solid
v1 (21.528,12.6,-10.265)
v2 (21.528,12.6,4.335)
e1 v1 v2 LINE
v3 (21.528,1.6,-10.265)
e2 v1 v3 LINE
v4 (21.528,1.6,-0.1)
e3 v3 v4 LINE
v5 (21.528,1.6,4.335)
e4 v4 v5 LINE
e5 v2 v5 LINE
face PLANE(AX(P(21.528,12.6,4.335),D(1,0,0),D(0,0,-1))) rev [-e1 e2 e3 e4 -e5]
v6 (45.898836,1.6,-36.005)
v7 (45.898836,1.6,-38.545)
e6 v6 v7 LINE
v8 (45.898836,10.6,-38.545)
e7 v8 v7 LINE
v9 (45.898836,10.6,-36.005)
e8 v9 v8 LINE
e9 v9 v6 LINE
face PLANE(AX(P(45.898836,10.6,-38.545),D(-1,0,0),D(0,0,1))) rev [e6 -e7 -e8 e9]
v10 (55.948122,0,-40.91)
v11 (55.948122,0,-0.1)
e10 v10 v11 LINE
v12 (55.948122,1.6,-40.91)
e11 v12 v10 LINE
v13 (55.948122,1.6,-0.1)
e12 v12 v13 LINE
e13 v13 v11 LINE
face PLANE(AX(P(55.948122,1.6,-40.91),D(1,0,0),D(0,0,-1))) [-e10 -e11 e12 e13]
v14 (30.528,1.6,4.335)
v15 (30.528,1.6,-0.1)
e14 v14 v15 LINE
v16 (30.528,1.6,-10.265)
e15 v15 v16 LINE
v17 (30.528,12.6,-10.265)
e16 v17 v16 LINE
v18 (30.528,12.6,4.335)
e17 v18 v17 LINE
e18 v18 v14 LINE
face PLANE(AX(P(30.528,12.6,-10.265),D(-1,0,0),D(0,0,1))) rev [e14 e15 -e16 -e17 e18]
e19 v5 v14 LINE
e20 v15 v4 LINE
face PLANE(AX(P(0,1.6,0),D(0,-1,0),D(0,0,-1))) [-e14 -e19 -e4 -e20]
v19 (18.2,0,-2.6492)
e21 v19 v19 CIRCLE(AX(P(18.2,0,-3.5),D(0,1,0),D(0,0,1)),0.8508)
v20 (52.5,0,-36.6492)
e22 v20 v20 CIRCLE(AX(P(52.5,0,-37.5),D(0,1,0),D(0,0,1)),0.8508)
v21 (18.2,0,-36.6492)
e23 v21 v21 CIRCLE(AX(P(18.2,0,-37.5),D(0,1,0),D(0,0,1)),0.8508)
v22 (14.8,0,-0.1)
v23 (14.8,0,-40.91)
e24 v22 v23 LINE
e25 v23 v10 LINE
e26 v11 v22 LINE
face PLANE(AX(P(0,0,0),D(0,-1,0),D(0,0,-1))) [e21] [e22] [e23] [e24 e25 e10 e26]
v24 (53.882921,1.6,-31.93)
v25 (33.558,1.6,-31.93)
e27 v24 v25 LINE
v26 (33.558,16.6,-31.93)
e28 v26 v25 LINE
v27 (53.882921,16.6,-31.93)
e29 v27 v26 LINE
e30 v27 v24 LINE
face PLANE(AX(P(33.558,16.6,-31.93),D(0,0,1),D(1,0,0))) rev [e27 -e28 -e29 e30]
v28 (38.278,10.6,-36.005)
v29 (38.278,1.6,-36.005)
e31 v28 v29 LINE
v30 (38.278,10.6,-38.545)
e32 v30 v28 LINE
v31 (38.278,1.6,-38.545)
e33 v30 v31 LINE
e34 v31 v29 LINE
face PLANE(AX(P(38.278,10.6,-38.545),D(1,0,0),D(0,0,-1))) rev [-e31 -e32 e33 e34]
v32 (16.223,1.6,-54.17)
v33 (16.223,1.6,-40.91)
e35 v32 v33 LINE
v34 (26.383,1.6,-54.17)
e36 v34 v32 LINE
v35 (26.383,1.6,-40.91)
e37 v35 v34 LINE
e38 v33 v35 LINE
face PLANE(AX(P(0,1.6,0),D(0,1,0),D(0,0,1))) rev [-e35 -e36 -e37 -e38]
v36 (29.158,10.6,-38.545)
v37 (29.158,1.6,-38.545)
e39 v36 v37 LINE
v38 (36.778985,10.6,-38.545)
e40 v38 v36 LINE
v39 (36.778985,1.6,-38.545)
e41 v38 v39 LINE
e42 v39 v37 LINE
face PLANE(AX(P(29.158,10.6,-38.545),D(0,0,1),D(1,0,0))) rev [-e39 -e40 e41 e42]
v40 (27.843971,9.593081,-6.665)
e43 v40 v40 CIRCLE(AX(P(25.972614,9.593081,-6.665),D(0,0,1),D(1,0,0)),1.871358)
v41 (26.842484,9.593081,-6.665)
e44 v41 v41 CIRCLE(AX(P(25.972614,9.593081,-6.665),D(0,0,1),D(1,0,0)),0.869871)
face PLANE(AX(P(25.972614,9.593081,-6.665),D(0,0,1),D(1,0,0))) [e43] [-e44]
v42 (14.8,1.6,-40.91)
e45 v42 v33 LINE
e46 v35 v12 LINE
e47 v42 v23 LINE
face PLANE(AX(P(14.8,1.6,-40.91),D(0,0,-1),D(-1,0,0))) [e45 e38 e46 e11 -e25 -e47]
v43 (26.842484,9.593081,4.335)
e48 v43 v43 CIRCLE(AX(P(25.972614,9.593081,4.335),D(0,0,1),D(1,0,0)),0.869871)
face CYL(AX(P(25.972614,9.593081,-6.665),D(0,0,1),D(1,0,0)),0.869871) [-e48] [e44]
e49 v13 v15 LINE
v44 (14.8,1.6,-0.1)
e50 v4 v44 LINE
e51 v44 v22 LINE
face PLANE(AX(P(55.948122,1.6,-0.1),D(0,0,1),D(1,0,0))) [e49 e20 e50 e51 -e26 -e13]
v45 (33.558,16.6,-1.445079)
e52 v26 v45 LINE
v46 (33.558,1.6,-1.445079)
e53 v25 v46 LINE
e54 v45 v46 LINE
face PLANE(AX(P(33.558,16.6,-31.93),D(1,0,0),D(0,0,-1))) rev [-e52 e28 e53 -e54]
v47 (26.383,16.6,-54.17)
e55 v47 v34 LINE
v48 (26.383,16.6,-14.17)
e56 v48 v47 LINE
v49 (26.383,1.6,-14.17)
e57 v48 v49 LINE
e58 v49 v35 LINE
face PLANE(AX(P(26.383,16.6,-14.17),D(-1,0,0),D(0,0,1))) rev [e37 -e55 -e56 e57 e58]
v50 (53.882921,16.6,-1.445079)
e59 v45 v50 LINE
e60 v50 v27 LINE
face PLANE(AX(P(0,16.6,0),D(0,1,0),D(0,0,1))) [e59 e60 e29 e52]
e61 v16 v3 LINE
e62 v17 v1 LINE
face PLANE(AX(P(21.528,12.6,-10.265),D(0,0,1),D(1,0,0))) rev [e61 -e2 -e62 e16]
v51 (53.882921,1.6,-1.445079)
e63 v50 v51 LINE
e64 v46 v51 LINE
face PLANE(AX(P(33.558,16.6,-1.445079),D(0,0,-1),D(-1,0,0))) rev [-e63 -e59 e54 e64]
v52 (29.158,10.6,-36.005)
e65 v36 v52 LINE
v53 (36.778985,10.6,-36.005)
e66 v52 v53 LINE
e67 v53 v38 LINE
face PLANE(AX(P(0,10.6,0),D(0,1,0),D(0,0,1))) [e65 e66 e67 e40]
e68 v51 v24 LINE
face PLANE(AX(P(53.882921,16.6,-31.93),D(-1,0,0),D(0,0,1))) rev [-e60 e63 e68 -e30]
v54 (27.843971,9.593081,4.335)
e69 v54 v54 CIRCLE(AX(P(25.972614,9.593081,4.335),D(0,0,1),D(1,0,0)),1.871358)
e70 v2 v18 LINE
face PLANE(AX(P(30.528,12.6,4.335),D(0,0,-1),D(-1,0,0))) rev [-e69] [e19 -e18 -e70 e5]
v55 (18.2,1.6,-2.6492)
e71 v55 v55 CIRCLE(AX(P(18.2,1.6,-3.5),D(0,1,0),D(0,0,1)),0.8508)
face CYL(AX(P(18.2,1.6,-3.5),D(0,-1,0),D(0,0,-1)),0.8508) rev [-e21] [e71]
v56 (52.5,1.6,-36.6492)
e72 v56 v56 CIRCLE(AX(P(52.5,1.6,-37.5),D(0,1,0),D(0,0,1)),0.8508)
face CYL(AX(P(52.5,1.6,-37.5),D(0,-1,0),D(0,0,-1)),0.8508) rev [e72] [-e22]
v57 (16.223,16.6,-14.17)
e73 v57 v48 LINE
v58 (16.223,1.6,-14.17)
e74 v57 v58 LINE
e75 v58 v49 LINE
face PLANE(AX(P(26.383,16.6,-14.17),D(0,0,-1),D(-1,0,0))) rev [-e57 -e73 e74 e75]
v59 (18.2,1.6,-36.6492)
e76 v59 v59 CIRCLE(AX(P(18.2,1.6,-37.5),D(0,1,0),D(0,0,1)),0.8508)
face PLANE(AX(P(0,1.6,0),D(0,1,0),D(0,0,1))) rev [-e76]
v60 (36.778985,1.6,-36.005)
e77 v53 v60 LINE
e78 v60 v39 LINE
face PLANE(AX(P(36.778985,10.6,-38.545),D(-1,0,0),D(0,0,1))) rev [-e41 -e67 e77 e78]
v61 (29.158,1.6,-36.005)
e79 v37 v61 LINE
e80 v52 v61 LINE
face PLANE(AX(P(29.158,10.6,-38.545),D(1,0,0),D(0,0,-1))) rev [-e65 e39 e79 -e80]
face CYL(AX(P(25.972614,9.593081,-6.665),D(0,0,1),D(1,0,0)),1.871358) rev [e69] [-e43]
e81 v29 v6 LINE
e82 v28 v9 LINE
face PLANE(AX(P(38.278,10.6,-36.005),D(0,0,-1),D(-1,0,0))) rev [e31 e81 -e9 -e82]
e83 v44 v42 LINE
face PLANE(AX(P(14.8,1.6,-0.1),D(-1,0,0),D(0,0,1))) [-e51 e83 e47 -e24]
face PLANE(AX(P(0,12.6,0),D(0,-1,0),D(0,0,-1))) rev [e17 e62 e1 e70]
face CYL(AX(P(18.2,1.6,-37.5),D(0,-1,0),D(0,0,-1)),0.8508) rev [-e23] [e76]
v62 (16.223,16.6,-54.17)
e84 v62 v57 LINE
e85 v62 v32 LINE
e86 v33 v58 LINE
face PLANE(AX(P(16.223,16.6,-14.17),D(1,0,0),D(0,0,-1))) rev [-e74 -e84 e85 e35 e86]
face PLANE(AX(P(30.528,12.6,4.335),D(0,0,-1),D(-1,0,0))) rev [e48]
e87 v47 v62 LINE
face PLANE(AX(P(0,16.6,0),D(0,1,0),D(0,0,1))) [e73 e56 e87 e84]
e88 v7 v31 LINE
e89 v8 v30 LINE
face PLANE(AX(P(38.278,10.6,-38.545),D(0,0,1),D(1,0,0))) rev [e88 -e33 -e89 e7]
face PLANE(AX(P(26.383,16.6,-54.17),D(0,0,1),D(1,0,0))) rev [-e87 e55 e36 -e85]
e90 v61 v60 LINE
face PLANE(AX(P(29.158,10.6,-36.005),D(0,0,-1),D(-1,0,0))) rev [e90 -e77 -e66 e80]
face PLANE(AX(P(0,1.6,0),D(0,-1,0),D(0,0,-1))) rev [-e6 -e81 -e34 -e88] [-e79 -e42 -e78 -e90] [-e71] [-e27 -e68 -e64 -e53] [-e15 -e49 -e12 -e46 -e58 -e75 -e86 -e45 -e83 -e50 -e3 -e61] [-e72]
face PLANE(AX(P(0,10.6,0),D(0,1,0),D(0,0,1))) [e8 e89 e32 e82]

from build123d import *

# Parameters (mm, degrees)
SKETCH3_W           = 41.148121512
SKETCH3_H           = 40.81
SKETCH3_R           = 0.8508
BOSS_EXTRUDE1_DEPTH = 1.6
SKETCH4_W           = 9
SKETCH4_H           = 14.6
BOSS_EXTRUDE2_DEPTH = 11
SKETCH5_R           = 1.871357829
SKETCH5_R_2         = 0.869870556
CUT_EXTRUDE1_DEPTH  = 11
SKETCH6_W           = 20.324920815
SKETCH6_H           = 30.484920815
BOSS_EXTRUDE3_DEPTH = 15
SKETCH7_W           = 7.620985393
SKETCH7_H           = 2.54
SKETCH7_W_2         = 7.620835906
BOSS_EXTRUDE4_DEPTH = 9
SKETCH8_W           = 10.16
SKETCH8_H           = 40
BOSS_EXTRUDE5_DEPTH = 15


with BuildPart() as part:
    # Sketch3 → Boss-Extrude1 (new body)
    with BuildSketch(Plane(origin=(0, 0, 0), x_dir=(1, 0, 0), z_dir=(0, 1, 0))):
        with Locations((35.374060756, 20.505)):
            Rectangle(SKETCH3_W, SKETCH3_H)
        with Locations((18.2, 3.5)):
            Circle(SKETCH3_R, mode=Mode.SUBTRACT)
        with Locations((52.5, 37.5)):
            Circle(SKETCH3_R, mode=Mode.SUBTRACT)
        with Locations((18.2, 37.5)):
            Circle(SKETCH3_R, mode=Mode.SUBTRACT)
    extrude(amount=BOSS_EXTRUDE1_DEPTH)

    # Sketch4 → Boss-Extrude2 (add)
    with BuildSketch(Plane(origin=(0, 1.6, 0), x_dir=(1, 0, 0), z_dir=(0, 1, 0))):
        with Locations((26.028, 2.965)):
            Rectangle(SKETCH4_W, SKETCH4_H)
    extrude(amount=BOSS_EXTRUDE2_DEPTH)

    # Sketch5 → Cut-Extrude1 (cut)
    with BuildSketch(Plane.XY.offset(4.335)):
        with Locations((25.972613511, 9.593081392)):
            Circle(SKETCH5_R)
        with Locations((25.972613511, 9.593081392)):
            Circle(SKETCH5_R_2, mode=Mode.SUBTRACT)
    extrude(amount=-CUT_EXTRUDE1_DEPTH, mode=Mode.SUBTRACT)

    # Sketch6 → Boss-Extrude3 (add)
    with BuildSketch(Plane(origin=(0, 1.6, 0), x_dir=(1, 0, 0), z_dir=(0, 1, 0))):
        with Locations((43.720460407, 16.687539593)):
            Rectangle(SKETCH6_W, SKETCH6_H)
    extrude(amount=BOSS_EXTRUDE3_DEPTH)

    # Sketch7 → Boss-Extrude4 (add)
    with BuildSketch(Plane(origin=(0, 1.6, 0), x_dir=(1, 0, 0), z_dir=(0, 1, 0))):
        with Locations((32.968492697, 37.275)):
            Rectangle(SKETCH7_W, SKETCH7_H)
        with Locations((42.088417953, 37.275)):
            Rectangle(SKETCH7_W_2, SKETCH7_H)
    extrude(amount=BOSS_EXTRUDE4_DEPTH)

    # Sketch8 → Boss-Extrude5 (add)
    with BuildSketch(Plane(origin=(0, 1.6, 0), x_dir=(1, 0, 0), z_dir=(0, 1, 0))):
        with Locations((21.303, 34.17)):
            Rectangle(SKETCH8_W, SKETCH8_H)
    extrude(amount=BOSS_EXTRUDE5_DEPTH)


solid = part.part
